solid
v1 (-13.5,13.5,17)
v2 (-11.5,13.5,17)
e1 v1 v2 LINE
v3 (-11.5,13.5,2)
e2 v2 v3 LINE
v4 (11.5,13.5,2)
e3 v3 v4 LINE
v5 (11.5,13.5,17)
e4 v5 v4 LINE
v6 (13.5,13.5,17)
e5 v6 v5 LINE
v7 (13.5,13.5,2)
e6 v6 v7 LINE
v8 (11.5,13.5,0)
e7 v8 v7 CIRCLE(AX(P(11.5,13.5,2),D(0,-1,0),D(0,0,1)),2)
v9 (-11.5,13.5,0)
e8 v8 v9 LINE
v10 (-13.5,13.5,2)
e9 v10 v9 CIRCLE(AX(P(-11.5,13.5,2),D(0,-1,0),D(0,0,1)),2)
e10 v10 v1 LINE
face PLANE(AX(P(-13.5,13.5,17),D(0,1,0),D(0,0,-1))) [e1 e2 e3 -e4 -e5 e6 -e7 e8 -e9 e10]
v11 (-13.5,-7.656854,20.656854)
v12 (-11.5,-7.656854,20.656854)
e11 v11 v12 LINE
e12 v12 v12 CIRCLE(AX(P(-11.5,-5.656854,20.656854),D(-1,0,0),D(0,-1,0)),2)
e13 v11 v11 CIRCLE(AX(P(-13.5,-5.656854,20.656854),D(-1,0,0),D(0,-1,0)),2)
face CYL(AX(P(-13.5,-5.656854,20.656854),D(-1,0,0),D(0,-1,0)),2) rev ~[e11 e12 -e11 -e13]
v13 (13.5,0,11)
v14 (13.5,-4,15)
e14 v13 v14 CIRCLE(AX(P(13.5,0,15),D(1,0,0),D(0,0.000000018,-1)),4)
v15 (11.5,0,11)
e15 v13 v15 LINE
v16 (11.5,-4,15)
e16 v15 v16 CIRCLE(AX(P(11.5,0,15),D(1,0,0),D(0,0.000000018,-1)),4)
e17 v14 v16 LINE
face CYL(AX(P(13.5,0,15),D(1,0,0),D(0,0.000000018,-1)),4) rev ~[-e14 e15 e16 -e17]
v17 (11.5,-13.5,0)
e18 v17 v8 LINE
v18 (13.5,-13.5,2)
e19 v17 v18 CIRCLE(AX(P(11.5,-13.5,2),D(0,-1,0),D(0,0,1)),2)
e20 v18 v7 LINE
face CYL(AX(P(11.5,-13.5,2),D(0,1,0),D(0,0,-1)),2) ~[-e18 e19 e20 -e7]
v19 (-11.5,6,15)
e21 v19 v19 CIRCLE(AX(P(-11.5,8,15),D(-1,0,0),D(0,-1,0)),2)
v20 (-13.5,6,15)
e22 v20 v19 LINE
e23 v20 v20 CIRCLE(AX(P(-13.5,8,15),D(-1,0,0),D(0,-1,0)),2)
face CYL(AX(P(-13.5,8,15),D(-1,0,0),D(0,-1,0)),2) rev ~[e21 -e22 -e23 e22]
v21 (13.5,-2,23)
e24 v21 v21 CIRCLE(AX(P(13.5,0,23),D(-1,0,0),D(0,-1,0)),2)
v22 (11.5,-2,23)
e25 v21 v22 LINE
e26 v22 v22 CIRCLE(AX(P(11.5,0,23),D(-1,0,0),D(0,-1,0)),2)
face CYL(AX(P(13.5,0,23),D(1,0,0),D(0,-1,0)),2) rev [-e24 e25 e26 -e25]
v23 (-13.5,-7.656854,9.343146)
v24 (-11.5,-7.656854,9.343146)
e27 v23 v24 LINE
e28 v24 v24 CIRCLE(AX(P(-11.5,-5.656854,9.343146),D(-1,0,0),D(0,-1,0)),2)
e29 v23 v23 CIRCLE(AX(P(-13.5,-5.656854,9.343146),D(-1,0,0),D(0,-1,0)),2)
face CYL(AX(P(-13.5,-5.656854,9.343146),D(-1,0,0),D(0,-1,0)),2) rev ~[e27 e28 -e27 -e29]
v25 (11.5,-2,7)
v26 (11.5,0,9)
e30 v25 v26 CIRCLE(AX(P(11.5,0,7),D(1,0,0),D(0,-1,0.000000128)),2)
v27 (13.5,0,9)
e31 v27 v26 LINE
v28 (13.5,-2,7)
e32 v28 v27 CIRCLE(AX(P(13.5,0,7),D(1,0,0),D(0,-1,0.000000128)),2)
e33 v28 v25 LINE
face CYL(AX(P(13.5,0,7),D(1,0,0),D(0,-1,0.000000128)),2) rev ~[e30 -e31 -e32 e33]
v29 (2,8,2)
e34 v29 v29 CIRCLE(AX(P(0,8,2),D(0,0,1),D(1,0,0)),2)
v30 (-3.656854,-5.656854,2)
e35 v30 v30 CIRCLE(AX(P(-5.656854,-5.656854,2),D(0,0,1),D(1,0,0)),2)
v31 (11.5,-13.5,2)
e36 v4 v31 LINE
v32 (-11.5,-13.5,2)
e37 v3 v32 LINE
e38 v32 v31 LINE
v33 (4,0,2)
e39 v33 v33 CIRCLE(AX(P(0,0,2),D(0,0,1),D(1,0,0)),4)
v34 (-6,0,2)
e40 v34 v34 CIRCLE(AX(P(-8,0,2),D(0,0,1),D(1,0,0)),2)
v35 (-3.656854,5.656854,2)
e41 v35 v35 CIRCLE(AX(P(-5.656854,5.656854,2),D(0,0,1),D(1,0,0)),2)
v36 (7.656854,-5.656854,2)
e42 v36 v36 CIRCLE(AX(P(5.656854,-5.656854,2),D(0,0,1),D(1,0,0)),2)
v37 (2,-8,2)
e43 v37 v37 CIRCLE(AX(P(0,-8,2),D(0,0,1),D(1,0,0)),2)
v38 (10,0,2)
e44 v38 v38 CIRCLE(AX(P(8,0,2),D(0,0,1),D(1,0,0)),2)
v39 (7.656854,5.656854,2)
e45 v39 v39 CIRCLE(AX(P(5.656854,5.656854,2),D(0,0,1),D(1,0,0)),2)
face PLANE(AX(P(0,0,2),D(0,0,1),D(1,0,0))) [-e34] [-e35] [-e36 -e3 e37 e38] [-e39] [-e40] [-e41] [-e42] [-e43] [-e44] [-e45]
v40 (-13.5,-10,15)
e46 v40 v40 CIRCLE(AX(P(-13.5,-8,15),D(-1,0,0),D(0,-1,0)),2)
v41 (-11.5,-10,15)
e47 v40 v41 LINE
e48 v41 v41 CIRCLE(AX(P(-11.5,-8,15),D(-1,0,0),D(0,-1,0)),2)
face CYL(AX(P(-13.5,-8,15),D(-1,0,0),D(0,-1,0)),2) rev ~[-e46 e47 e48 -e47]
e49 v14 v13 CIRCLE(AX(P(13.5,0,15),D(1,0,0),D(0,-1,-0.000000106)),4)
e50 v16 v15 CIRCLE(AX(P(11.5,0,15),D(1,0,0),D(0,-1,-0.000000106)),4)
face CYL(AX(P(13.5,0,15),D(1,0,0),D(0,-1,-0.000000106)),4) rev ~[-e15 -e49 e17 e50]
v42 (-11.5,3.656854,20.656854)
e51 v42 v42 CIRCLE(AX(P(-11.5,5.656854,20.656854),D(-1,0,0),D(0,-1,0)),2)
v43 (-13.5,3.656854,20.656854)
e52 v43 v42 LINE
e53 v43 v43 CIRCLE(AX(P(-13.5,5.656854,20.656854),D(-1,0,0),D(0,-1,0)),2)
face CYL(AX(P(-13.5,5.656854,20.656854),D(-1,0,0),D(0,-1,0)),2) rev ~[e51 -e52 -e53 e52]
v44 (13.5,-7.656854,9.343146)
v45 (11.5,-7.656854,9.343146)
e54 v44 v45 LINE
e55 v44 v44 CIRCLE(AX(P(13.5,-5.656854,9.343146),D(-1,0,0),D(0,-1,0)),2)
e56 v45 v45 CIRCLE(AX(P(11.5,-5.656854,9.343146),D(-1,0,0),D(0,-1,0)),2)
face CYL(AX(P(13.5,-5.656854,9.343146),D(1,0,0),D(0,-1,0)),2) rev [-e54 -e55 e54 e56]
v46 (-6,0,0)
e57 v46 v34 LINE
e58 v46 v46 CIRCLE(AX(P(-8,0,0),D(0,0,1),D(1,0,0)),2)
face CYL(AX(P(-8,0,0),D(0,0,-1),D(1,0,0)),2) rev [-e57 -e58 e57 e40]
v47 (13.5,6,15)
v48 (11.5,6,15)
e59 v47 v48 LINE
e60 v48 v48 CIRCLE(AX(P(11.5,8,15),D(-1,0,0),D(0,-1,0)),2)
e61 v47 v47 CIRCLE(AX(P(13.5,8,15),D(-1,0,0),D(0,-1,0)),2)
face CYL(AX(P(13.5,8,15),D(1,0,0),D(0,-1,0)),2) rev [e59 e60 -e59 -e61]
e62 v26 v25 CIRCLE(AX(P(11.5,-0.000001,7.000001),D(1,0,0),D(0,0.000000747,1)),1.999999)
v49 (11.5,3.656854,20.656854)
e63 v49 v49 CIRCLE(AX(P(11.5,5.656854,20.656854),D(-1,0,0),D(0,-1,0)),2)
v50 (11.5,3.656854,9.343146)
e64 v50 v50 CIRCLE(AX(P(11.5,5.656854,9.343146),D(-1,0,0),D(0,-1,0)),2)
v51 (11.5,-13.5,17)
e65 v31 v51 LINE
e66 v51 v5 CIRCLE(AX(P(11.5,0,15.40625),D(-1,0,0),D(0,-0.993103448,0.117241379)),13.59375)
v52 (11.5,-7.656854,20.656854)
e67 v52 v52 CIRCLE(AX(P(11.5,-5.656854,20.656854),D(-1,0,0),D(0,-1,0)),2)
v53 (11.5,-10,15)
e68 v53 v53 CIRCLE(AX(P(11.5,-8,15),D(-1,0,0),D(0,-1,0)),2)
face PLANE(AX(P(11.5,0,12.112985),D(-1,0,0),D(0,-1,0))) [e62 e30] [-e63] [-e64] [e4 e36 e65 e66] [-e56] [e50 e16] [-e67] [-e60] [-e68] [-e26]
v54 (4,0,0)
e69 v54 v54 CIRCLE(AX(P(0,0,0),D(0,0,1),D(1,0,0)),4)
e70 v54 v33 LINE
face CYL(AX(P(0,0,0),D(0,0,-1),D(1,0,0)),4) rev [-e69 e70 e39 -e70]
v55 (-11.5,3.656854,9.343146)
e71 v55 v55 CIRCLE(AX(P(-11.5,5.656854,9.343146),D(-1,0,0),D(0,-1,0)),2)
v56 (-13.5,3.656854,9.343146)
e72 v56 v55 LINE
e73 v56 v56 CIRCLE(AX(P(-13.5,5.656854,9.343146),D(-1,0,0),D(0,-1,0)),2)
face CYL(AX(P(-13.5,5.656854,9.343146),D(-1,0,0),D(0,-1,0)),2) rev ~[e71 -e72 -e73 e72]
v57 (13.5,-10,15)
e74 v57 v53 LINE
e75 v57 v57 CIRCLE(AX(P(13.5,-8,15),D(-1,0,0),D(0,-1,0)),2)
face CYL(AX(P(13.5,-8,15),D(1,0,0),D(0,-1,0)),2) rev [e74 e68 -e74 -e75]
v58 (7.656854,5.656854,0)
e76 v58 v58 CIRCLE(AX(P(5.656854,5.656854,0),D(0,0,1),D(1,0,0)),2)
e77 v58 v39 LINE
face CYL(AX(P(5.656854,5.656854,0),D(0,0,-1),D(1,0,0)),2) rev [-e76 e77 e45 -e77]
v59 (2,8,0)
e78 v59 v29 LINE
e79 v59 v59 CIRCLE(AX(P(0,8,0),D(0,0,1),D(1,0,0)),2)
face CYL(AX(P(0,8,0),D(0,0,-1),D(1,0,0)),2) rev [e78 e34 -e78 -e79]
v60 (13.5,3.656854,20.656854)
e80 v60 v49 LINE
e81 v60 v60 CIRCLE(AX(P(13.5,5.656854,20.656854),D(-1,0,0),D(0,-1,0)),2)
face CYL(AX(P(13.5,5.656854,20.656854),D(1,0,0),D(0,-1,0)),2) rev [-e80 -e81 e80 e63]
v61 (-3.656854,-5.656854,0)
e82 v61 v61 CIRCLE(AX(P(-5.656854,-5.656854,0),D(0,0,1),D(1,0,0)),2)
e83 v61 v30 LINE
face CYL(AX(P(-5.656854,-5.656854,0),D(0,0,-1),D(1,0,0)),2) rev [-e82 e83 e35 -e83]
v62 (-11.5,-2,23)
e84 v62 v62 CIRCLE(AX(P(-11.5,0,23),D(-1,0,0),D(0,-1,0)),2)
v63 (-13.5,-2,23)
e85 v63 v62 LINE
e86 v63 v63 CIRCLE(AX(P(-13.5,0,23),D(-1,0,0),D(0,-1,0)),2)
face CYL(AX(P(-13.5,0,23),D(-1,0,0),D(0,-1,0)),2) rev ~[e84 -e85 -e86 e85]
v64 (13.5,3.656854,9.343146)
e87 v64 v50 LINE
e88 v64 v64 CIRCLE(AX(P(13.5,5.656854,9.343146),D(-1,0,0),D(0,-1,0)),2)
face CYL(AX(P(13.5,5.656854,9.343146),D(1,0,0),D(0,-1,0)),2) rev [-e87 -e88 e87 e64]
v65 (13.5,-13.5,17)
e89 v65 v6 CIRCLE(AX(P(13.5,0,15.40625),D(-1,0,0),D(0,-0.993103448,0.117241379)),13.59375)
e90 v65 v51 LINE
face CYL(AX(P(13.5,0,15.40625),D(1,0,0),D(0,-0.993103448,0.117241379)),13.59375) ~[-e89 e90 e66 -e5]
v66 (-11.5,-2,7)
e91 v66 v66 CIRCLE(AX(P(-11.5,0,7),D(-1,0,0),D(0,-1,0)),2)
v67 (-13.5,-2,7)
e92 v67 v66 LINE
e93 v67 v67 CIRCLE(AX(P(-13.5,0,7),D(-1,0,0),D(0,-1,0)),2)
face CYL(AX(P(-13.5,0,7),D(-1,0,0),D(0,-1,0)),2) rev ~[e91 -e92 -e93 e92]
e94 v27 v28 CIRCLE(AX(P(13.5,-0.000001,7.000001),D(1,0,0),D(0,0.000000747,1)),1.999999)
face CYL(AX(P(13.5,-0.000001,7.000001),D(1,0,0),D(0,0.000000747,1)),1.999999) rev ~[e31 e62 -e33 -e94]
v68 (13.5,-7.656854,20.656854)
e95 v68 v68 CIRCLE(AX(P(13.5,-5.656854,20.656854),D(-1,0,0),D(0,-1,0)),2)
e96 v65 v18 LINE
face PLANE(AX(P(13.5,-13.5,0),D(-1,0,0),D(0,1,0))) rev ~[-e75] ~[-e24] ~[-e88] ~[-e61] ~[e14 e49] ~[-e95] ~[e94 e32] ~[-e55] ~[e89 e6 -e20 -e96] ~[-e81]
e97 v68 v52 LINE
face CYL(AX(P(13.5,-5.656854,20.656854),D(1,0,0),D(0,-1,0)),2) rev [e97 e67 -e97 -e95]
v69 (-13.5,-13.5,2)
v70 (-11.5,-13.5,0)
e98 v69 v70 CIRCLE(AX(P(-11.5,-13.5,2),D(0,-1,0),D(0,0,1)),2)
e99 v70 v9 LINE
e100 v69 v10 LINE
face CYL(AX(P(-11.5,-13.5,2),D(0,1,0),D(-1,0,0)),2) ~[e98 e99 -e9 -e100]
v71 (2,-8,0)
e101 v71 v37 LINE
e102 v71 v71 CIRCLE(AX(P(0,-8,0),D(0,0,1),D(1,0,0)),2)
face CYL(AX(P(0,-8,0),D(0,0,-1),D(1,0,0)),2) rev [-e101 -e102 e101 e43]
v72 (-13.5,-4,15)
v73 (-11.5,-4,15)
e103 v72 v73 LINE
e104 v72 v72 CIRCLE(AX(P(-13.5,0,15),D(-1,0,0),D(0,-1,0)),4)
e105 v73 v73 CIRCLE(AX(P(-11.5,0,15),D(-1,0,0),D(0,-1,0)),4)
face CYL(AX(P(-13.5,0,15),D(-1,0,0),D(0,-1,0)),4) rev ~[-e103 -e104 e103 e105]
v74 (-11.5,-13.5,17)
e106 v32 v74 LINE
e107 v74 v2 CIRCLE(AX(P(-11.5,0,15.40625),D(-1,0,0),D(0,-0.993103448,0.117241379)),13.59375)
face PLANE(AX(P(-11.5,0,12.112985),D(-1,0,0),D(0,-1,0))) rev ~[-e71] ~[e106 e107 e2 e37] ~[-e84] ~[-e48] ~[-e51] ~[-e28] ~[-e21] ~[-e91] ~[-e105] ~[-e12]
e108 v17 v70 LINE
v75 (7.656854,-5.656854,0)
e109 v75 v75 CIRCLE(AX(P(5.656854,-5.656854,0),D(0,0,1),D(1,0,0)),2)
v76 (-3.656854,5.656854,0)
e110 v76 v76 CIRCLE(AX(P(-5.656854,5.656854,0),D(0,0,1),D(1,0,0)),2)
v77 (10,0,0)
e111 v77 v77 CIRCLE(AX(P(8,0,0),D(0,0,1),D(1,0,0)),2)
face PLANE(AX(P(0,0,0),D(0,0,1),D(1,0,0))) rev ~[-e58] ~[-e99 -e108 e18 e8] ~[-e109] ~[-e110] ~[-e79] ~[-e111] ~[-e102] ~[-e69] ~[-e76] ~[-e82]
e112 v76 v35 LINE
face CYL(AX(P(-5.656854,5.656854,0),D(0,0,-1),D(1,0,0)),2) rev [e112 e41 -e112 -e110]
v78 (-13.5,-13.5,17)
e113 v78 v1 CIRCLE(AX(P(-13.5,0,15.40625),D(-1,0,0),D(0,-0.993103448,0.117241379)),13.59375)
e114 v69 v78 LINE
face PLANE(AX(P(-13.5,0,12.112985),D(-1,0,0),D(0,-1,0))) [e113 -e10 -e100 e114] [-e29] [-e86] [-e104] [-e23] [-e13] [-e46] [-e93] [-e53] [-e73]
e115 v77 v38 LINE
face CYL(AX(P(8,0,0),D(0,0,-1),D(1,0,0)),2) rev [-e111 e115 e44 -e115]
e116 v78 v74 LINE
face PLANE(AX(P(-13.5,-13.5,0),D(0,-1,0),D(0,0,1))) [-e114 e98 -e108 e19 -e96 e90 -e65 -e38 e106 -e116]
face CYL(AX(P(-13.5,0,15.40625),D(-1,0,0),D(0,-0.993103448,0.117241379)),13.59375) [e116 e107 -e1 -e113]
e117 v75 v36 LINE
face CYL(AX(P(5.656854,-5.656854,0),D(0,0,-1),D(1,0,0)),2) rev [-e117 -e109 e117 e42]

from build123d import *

# Parameters (mm, degrees)
F0_W     = 27
F0_H     = 27
F0_R     = 2
F0_R_2   = 4
F5_DEPTH = 2
F3_R     = 2
F3_R_2   = 4
F6_DEPTH = 2
F4_R     = 2
F7_DEPTH = 2
F8_R     = 2
F9_R     = 2


with BuildPart() as f5:
    # F0 (on Top) → F5 (new body)
    with BuildSketch(Plane.XY):
        Rectangle(F0_W, F0_H)
        with Locations((-5.656854, -5.656854)):
            Circle(F0_R, mode=Mode.SUBTRACT)
        with Locations((0, -8)):
            Circle(F0_R, mode=Mode.SUBTRACT)
        with Locations((5.656854, -5.656854)):
            Circle(F0_R, mode=Mode.SUBTRACT)
        with Locations((-8, 0)):
            Circle(F0_R, mode=Mode.SUBTRACT)
        with Locations((-5.656854, 5.656854)):
            Circle(F0_R, mode=Mode.SUBTRACT)
        Circle(F0_R_2, mode=Mode.SUBTRACT)
        with Locations((5.656854, 5.656854)):
            Circle(F0_R, mode=Mode.SUBTRACT)
        with Locations((8, 0)):
            Circle(F0_R, mode=Mode.SUBTRACT)
        with Locations((0, 8)):
            Circle(F0_R, mode=Mode.SUBTRACT)
    extrude(amount=F5_DEPTH)

    # F3 (on face) → F6 (join)
    with BuildSketch(Plane(origin=(-13.5, 0, 0), x_dir=(0, -1, 0), z_dir=(-1, 0, 0))):
        with BuildLine():
            Line((-13.5, 17), (-13.5, 0))
            Line((-13.5, 0), (13.5, 0))
            Line((13.5, 0), (13.5, 17))
            ThreePointArc((13.5, 17), (0, 29), (-13.5, 17))
        make_face()
        with Locations((-5.656854, 9.343146)):
            Circle(F3_R, mode=Mode.SUBTRACT)
        with Locations((0, 7)):
            Circle(F3_R, mode=Mode.SUBTRACT)
        with Locations((5.656854, 9.343146)):
            Circle(F3_R, mode=Mode.SUBTRACT)
        with Locations((-8, 15)):
            Circle(F3_R, mode=Mode.SUBTRACT)
        with Locations((-5.656854, 20.656854)):
            Circle(F3_R, mode=Mode.SUBTRACT)
        with Locations((0, 15)):
            Circle(F3_R_2, mode=Mode.SUBTRACT)
        with Locations((5.656854, 20.656854)):
            Circle(F3_R, mode=Mode.SUBTRACT)
        with Locations((8, 15)):
            Circle(F3_R, mode=Mode.SUBTRACT)
        with Locations((0, 23)):
            Circle(F3_R, mode=Mode.SUBTRACT)
    extrude(amount=-F6_DEPTH)

    # F4 (on face) → F7 (join)
    with BuildSketch(Plane(origin=(13.5, 0, 0), x_dir=(0, -1, 0), z_dir=(-1, 0, 0))):
        with BuildLine():
            Line((-13.5, 0), (13.5, 0))
            Line((13.5, 0), (13.5, 17))
            ThreePointArc((13.5, 17), (0, 29), (-13.5, 17))
            Line((-13.5, 17), (-13.5, 0))
        make_face()
        with Locations((-5.656854, 9.343146)):
            Circle(F4_R, mode=Mode.SUBTRACT)
        with BuildLine():
            ThreePointArc((2, 7), (-1.414214, 5.585786), (0, 9))
            ThreePointArc((0, 9), (1.414214, 8.414214), (2, 7))
        make_face(mode=Mode.SUBTRACT)
        with Locations((5.656854, 9.343146)):
            Circle(F4_R, mode=Mode.SUBTRACT)
        with Locations((-8, 15)):
            Circle(F4_R, mode=Mode.SUBTRACT)
        with Locations((-5.656854, 20.656854)):
            Circle(F4_R, mode=Mode.SUBTRACT)
        with BuildLine():
            ThreePointArc((4, 15), (2.828427, 12.171573), (0, 11))
            ThreePointArc((0, 11), (-2.828427, 17.828427), (4, 15))
        make_face(mode=Mode.SUBTRACT)
        with Locations((5.656854, 20.656854)):
            Circle(F4_R, mode=Mode.SUBTRACT)
        with Locations((8, 15)):
            Circle(F4_R, mode=Mode.SUBTRACT)
        with Locations((0, 23)):
            Circle(F4_R, mode=Mode.SUBTRACT)
    extrude(amount=F7_DEPTH)

    # F8
    f8_edges = [f5.edges().sort_by_distance(p)[0] for p in [
        (-13.5, 0, 0),
    ]]
    fillet(f8_edges, radius=F8_R)

    # F9
    f9_edges = [f5.edges().sort_by_distance(p)[0] for p in [
        (13.5, 0, 0),
    ]]
    fillet(f9_edges, radius=F9_R)


solid = f5.part
